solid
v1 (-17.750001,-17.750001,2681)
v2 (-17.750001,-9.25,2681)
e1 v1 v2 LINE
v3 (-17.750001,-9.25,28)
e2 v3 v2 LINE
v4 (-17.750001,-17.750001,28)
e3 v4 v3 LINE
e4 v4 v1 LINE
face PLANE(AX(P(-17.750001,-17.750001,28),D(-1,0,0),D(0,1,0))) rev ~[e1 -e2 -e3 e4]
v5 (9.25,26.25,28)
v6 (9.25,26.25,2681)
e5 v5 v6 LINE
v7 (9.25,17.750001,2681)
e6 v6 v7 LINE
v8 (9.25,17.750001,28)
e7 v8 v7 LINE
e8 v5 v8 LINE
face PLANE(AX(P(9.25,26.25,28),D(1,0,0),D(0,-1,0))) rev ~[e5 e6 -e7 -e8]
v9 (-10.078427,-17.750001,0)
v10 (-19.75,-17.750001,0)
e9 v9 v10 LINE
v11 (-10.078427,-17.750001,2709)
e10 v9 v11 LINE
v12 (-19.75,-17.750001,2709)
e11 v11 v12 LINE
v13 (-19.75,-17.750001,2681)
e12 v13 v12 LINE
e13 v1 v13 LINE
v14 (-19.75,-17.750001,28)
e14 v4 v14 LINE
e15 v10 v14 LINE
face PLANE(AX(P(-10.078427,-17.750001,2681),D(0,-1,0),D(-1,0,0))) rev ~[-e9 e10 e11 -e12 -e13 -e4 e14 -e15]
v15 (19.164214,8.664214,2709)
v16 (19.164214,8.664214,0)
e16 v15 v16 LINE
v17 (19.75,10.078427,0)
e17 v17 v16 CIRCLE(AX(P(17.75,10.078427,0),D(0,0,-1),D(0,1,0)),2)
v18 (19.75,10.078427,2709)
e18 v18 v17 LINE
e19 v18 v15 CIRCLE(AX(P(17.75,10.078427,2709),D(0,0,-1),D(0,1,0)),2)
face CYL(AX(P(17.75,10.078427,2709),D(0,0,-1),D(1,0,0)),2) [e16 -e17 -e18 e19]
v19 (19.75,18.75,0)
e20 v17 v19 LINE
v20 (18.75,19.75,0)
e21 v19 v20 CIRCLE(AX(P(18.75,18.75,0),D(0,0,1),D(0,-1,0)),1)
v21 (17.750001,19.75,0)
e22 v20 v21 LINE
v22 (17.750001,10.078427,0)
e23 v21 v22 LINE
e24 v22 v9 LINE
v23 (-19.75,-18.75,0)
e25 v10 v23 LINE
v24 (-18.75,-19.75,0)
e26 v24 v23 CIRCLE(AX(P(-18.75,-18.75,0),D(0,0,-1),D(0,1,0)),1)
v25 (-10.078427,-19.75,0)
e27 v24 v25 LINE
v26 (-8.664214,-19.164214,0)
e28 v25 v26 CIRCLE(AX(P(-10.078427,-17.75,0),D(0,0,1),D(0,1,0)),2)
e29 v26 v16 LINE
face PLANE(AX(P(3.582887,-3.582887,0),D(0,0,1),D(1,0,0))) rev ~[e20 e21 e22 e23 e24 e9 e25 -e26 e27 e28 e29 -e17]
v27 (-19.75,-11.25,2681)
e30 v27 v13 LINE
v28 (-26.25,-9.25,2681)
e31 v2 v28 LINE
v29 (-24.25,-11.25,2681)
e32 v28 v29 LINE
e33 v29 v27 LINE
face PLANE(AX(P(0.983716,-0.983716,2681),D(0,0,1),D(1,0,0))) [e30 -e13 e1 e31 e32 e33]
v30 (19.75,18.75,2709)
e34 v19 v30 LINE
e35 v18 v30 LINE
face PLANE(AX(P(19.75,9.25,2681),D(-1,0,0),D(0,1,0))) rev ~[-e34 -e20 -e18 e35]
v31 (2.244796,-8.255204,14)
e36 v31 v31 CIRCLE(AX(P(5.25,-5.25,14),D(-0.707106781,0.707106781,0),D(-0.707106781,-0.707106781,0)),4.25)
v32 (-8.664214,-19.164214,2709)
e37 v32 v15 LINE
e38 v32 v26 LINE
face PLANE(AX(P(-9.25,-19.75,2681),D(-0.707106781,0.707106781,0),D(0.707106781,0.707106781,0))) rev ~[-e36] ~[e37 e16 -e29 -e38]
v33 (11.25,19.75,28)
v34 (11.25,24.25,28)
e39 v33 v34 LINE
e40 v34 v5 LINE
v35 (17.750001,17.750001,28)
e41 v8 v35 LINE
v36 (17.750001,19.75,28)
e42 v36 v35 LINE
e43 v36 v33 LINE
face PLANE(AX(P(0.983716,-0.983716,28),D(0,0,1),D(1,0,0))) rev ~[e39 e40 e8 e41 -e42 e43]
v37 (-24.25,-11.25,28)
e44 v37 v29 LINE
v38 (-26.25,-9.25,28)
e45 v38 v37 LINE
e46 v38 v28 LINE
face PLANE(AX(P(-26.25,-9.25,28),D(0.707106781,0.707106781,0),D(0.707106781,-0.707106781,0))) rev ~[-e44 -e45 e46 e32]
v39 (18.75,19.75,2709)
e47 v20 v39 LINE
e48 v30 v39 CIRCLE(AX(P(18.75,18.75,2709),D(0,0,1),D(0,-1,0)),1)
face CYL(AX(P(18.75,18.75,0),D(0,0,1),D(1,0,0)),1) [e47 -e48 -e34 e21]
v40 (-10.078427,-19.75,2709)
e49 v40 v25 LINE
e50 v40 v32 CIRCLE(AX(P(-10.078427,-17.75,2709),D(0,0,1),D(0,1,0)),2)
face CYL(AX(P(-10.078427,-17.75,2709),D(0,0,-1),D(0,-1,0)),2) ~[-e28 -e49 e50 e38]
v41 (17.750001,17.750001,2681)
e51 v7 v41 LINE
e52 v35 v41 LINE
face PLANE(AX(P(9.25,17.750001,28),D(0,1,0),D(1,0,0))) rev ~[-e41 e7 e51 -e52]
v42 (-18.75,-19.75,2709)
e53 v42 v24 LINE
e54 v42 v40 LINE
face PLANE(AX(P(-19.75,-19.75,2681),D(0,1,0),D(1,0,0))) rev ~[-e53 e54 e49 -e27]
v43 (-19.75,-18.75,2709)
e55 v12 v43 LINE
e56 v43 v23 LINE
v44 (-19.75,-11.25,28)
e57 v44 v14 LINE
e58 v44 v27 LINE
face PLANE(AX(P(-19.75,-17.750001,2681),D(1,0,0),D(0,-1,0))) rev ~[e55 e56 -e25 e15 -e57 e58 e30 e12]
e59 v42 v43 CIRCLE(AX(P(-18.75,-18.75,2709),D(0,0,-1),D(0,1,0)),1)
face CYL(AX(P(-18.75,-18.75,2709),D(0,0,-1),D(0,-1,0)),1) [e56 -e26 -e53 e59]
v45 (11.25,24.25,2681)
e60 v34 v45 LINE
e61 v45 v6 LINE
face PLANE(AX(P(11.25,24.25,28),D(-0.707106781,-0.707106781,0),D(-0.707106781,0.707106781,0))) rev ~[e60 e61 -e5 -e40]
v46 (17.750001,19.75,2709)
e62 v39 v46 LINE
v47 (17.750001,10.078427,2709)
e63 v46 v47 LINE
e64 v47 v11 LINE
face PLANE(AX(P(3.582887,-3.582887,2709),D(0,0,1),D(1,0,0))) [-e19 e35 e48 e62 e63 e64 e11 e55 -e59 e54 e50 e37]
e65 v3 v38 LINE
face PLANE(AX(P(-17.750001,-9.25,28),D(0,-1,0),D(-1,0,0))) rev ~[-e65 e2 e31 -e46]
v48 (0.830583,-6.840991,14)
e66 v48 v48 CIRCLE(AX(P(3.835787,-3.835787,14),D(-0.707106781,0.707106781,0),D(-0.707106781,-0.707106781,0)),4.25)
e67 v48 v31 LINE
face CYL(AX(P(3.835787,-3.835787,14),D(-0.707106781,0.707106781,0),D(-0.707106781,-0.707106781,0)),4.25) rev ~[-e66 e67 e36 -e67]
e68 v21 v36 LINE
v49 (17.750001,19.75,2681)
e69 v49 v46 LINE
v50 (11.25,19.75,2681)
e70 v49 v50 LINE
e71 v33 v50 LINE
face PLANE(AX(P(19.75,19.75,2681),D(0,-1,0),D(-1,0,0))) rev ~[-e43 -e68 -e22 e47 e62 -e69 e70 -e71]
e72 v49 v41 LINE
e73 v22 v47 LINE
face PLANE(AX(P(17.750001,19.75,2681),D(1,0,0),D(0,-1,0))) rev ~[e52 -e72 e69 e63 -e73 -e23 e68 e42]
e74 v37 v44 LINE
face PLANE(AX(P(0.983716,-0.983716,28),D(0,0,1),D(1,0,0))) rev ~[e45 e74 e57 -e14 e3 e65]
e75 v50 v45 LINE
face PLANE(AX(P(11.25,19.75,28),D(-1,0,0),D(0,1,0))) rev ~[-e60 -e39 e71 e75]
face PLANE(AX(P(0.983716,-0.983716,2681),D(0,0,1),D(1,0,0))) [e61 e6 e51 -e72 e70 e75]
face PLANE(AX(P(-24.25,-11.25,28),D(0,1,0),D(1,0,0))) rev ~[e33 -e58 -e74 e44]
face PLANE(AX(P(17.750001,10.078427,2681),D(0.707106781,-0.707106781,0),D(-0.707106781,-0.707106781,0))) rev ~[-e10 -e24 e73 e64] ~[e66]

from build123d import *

# Parameters (mm, degrees)
F1_DEPTH = 28
F3_DEPTH = 2653
F5_DEPTH = 28
F6_R     = 2
F7_R     = 1
F8_R     = 4.25
F9_DEPTH = 25


with BuildPart() as f1:
    # F0 (on Top) → F1 (new body)
    with BuildSketch(Plane.XY):
        Polygon((-19.75, -17.750001), (-19.75, -19.75), (-9.25, -19.75), (19.75, 9.25), (19.75, 19.75), (17.750001, 19.75), (17.750001, 10.078427), (-10.078427, -17.750001), align=None)
    extrude(amount=F1_DEPTH)

    # F2 (on face) → F3 (join)
    with BuildSketch(Plane.XY.offset(28)):
        Polygon((-19.75, -19.75), (-9.25, -19.75), (19.75, 9.25), (19.75, 19.75), (11.25, 19.75), (11.25, 24.25), (9.25, 26.25), (9.25, 23.421573), (9.25, 19.75), (9.25, 17.750001), (17.750001, 17.750001), (17.750001, 10.078427), (16.585787, 8.914213), (-8.914213, -16.585787), (-10.078427, -17.750001), (-17.750001, -17.750001), (-17.750001, -9.25), (-19.75, -9.25), (-23.421573, -9.25), (-26.25, -9.25), (-24.25, -11.25), (-19.75, -11.25), align=None)
    extrude(amount=F3_DEPTH)

    # F4 (on face) → F5 (join)
    with BuildSketch(Plane.XY.offset(2681)):
        Polygon((19.75, 9.25), (19.75, 19.75), (17.750001, 19.75), (17.750001, 10.078427), (-10.078427, -17.750001), (-19.75, -17.750001), (-19.75, -19.75), (-9.25, -19.75), align=None)
    extrude(amount=F5_DEPTH)

    # F6
    f6_edges = [f1.edges().sort_by_distance(p)[0] for p in [
        (19.75, 9.25, 1354.5),
        (-9.25, -19.75, 1354.5),
    ]]
    fillet(f6_edges, radius=F6_R)

    # F7
    f7_edges = [f1.edges().sort_by_distance(p)[0] for p in [
        (-19.75, -19.75, 1354.5),
        (19.75, 19.75, 1354.5),
    ]]
    fillet(f7_edges, radius=F7_R)

    # F8 (on face) → F9 (cut)
    with BuildSketch(Plane(origin=(3.835787, -3.835787, 0), x_dir=(-0.707107, -0.707107, 0), z_dir=(-0.707107, 0.707107, 0))):
        with Locations((0, 14)):
            Circle(F8_R)
    extrude(amount=-F9_DEPTH, mode=Mode.SUBTRACT)


solid = f1.part
